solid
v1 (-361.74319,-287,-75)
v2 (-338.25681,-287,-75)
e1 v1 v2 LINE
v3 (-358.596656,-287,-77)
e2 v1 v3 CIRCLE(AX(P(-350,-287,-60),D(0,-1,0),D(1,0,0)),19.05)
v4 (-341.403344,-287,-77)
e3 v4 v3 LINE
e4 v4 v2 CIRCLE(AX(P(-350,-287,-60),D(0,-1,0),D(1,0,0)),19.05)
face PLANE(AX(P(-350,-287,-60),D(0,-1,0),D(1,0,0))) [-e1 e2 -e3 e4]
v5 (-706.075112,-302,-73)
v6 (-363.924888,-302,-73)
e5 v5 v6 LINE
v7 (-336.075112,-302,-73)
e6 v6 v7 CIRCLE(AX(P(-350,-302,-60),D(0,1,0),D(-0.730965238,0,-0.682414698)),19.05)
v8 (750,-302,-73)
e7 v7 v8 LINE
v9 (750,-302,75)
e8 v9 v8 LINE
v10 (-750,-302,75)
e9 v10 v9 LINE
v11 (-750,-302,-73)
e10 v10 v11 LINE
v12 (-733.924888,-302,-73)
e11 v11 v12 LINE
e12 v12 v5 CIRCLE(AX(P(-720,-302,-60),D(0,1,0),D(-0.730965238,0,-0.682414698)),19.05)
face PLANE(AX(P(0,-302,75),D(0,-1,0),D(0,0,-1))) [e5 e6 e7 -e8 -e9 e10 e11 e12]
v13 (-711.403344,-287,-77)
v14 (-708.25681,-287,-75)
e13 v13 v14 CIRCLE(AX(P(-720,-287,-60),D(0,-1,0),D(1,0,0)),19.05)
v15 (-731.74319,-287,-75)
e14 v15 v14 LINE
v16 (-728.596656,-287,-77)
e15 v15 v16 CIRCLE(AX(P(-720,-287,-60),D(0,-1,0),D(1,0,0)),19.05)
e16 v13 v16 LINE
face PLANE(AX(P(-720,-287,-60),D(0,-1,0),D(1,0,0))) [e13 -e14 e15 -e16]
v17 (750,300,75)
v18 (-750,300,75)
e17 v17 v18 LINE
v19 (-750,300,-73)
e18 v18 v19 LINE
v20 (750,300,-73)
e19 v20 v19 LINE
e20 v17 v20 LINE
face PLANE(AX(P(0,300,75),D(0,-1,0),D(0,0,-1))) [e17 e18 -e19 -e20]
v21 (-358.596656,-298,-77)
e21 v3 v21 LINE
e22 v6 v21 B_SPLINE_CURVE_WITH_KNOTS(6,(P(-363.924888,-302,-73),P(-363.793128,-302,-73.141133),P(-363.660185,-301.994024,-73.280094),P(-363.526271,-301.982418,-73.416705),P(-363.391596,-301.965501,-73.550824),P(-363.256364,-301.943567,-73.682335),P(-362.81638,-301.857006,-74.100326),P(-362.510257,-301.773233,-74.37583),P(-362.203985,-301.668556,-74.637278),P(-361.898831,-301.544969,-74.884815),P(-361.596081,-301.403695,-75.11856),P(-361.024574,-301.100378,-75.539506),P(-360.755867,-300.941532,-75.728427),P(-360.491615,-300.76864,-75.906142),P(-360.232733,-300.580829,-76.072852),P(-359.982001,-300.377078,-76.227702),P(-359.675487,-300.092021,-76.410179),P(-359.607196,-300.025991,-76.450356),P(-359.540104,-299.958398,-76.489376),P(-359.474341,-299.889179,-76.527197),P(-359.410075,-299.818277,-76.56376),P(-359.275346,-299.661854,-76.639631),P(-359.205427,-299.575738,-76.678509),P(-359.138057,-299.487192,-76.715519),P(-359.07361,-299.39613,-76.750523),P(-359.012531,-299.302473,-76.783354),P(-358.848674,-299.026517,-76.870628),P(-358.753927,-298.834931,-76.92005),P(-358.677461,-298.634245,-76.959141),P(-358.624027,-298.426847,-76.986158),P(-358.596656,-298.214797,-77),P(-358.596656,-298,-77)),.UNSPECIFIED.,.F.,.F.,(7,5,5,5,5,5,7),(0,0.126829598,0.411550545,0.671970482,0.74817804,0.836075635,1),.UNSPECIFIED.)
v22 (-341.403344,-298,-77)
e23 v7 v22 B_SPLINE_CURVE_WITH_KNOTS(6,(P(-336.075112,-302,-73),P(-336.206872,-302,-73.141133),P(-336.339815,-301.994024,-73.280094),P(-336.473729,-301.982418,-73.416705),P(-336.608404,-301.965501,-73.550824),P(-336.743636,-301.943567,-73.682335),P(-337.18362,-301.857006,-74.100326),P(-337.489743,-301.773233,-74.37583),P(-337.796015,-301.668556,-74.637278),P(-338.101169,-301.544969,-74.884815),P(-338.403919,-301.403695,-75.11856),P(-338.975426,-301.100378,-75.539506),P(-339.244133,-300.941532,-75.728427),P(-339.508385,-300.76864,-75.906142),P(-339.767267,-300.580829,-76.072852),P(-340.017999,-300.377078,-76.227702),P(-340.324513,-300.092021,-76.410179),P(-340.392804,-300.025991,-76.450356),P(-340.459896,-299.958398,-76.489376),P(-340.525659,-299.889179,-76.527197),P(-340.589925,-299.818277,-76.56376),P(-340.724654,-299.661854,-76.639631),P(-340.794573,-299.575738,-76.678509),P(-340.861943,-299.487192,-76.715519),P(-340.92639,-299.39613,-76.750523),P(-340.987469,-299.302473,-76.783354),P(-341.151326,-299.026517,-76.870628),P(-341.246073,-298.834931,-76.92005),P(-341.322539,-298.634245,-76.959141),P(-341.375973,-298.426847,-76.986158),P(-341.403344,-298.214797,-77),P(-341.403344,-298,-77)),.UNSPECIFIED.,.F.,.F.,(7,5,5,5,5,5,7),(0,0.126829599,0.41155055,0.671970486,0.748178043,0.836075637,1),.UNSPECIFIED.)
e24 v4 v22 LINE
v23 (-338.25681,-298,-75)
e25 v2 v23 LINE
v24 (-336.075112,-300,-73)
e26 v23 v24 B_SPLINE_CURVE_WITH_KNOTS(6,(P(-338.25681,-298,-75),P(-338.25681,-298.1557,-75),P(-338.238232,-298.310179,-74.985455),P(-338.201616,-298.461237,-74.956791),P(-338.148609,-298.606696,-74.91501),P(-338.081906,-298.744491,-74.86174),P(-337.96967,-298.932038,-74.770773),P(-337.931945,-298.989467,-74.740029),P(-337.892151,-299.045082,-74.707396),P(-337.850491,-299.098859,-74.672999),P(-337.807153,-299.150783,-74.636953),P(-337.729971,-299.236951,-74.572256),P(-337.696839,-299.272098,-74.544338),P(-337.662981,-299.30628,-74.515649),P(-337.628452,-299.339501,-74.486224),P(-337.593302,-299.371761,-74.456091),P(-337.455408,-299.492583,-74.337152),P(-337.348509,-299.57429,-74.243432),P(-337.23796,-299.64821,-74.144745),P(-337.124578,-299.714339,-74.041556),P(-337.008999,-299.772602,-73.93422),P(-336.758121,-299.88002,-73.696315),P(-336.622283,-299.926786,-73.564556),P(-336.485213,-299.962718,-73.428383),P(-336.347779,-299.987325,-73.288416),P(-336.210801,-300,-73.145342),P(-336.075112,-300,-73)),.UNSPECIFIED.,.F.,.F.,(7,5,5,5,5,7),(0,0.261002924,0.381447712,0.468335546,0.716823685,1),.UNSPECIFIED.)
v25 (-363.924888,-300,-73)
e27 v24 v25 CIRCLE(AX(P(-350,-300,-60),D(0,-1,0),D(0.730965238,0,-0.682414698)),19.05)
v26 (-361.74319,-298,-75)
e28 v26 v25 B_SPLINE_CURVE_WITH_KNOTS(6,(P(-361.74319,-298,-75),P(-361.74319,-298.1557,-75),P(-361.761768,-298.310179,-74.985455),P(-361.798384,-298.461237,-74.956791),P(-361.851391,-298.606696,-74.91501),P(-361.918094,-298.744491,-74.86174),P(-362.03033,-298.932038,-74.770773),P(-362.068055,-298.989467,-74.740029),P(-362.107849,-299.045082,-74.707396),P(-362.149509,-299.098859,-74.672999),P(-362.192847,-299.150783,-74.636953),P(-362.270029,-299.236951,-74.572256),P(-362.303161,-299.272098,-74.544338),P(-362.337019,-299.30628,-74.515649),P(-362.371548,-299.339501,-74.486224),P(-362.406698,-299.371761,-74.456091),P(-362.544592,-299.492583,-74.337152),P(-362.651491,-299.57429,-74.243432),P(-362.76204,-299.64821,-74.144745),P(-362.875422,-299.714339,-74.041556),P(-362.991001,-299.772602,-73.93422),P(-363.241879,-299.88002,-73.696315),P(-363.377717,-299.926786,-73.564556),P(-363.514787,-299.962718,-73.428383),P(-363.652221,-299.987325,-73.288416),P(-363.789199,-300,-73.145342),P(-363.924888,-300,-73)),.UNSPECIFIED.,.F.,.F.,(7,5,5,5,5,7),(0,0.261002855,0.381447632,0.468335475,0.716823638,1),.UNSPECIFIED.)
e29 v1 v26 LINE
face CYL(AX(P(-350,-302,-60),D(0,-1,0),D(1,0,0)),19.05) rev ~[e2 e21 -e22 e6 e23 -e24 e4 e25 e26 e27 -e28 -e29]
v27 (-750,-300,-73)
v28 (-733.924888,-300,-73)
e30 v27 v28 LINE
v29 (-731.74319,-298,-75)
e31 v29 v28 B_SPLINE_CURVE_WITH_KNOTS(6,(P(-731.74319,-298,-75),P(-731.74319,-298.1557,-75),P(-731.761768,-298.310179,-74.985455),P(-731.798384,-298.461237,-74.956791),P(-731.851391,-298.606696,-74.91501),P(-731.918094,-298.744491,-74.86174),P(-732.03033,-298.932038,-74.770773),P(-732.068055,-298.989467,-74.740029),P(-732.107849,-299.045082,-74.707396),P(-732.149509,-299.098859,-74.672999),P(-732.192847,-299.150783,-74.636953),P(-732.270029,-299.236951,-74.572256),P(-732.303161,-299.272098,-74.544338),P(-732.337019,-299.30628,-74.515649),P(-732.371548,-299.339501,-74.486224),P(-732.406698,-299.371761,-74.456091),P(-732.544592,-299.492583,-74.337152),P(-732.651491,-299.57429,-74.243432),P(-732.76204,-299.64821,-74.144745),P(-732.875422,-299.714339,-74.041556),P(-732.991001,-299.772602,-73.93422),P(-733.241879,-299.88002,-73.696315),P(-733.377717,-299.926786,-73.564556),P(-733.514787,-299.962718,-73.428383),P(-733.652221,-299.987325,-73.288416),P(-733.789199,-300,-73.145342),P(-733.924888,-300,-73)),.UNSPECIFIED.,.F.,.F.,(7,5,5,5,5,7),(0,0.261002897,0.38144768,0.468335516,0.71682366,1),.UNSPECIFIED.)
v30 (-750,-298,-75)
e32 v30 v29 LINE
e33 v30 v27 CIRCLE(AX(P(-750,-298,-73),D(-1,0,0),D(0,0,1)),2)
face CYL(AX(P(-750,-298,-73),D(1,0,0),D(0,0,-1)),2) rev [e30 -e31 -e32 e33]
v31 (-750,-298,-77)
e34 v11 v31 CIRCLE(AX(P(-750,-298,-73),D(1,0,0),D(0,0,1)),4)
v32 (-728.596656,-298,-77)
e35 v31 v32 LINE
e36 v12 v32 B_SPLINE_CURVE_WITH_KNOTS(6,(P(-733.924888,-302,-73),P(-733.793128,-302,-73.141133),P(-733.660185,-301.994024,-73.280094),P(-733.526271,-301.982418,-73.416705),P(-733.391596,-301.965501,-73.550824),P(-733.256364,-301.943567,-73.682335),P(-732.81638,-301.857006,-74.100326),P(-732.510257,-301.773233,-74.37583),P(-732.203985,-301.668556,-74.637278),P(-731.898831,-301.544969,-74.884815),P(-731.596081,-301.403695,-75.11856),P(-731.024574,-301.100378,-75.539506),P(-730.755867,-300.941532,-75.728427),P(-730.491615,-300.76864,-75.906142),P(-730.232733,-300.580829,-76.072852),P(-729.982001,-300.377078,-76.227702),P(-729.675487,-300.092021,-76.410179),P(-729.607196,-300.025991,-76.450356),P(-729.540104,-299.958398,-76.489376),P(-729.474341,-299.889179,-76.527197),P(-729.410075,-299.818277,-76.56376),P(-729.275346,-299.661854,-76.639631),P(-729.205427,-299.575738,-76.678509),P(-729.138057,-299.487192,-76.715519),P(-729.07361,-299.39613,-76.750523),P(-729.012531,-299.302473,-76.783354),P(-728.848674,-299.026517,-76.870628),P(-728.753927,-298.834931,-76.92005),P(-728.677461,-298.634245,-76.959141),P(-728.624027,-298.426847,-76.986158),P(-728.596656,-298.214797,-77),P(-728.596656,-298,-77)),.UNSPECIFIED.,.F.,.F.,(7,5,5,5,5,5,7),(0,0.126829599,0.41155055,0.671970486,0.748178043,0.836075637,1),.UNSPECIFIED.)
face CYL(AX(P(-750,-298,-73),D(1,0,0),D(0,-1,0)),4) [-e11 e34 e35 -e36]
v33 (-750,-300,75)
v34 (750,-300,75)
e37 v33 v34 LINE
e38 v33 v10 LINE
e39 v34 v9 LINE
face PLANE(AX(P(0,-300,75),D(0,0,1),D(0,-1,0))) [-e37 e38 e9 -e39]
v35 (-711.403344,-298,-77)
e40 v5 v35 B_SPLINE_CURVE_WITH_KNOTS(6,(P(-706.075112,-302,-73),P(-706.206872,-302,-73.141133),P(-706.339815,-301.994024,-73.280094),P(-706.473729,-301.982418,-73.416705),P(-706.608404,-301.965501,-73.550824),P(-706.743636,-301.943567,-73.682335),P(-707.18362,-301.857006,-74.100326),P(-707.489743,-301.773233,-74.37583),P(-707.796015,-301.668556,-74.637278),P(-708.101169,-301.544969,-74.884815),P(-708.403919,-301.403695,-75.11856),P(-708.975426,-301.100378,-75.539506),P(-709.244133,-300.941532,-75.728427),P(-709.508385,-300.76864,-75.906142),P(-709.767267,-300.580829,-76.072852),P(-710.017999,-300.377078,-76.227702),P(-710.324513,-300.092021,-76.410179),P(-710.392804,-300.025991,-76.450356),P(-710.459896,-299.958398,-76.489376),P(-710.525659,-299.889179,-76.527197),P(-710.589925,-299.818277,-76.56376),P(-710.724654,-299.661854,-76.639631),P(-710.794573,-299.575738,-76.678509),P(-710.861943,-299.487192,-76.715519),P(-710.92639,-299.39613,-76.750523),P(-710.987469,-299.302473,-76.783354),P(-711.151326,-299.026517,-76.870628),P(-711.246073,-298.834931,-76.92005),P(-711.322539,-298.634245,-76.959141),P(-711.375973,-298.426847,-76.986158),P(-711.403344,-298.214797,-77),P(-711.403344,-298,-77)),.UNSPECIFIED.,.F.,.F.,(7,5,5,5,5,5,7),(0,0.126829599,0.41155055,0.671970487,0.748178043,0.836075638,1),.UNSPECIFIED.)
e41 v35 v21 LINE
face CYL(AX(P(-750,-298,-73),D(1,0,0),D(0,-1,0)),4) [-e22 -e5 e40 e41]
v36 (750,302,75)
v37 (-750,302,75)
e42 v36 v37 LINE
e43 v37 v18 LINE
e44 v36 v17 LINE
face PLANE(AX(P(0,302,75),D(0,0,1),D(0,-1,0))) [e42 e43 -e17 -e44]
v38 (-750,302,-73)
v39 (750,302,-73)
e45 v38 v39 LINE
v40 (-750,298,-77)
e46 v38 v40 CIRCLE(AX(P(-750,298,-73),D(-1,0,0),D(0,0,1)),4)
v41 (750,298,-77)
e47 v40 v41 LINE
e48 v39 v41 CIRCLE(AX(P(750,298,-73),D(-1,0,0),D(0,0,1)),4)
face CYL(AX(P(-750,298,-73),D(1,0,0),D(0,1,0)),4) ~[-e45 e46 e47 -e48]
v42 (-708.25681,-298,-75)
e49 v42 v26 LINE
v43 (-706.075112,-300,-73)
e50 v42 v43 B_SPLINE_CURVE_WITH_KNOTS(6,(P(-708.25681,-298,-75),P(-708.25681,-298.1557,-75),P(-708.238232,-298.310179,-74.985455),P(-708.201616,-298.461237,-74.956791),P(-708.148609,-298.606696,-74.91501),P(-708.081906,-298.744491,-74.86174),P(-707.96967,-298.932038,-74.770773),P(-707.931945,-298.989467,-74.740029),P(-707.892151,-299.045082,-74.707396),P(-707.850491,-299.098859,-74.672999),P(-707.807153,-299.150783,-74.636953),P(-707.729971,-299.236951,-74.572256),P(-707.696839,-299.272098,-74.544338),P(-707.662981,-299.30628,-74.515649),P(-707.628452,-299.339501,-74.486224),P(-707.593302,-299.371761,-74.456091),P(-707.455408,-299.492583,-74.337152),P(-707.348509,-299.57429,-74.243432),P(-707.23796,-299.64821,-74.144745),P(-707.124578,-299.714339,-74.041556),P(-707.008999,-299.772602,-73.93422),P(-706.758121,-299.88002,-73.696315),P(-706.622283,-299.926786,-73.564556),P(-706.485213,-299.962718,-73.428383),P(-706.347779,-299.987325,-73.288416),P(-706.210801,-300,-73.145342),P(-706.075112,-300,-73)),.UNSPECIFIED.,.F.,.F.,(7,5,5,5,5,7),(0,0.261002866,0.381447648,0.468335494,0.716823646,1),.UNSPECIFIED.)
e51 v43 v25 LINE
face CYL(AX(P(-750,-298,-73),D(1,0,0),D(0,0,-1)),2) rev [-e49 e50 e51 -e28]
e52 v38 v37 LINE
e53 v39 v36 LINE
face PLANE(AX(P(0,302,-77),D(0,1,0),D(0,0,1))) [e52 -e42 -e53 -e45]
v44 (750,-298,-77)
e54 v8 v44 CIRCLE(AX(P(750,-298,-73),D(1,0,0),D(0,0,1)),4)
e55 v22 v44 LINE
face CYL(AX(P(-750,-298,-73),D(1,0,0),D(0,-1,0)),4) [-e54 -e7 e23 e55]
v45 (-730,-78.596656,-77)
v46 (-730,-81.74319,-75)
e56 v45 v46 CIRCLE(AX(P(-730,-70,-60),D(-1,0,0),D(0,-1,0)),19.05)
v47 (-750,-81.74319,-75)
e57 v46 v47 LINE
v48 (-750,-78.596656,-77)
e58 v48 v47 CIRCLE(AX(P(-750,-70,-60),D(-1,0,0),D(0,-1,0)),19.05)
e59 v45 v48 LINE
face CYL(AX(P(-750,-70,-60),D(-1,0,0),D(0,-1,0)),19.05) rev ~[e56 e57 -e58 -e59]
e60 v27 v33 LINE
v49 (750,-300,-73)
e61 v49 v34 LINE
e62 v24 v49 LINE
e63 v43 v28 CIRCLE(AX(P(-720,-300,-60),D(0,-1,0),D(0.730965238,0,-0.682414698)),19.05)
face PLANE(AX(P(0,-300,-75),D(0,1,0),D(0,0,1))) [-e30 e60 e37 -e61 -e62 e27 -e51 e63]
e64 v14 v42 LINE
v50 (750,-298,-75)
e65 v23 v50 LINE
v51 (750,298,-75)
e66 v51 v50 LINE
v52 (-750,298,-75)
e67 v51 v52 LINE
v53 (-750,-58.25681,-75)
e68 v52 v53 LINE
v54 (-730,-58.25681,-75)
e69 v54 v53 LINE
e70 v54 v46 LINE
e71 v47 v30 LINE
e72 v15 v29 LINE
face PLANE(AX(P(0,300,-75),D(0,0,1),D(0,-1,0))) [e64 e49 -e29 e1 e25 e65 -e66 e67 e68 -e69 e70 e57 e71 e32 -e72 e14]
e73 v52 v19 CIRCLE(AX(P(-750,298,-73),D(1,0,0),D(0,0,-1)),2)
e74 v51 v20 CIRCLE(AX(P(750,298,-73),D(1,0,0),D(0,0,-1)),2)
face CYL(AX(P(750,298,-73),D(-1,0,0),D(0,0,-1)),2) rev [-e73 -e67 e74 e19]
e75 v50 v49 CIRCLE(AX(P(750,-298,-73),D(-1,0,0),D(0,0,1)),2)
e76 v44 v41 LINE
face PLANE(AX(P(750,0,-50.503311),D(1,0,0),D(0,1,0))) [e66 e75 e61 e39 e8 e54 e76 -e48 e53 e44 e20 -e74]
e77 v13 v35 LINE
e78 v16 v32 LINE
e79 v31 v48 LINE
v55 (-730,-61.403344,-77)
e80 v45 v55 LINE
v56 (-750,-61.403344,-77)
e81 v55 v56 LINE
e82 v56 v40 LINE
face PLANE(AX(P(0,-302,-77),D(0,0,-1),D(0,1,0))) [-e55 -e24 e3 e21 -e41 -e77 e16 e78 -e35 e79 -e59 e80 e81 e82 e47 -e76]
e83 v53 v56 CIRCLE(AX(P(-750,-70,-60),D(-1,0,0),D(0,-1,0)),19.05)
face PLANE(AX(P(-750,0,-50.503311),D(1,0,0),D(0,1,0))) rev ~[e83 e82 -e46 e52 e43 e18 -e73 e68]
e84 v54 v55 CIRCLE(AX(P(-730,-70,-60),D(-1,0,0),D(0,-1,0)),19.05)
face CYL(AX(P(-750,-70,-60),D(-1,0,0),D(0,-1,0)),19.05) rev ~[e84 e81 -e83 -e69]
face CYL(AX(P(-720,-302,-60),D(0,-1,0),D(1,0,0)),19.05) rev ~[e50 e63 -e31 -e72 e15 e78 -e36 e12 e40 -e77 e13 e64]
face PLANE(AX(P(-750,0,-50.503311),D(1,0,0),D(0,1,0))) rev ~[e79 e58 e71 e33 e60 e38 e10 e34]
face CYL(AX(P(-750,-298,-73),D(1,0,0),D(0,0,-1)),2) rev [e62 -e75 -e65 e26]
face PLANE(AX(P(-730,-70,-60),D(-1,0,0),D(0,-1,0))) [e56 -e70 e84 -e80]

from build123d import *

# Parameters (mm, degrees)
F1_DEPTH = 750
F2_R     = 2
F3_R     = 4
F4_R     = 19.05
F5_DEPTH = 15
F6_R     = 19.05
F7_DEPTH = 20


with BuildPart() as f1:
    # F0 (on Right) → F1 (new body, symmetric)
    with BuildSketch(Plane.YZ):
        Polygon((300, -75), (-300, -75), (-300, 75), (-302, 75), (-302, -77), (302, -77), (302, 75), (300, 75), align=None)
    extrude(amount=F1_DEPTH, both=True)

    # F2
    f2_edges = [f1.edges().sort_by_distance(p)[0] for p in [
        (0, 300, -75),
        (0, -300, -75),
    ]]
    fillet(f2_edges, radius=F2_R)

    # F3
    f3_edges = [f1.edges().sort_by_distance(p)[0] for p in [
        (0, -302, -77),
        (0, 302, -77),
    ]]
    fillet(f3_edges, radius=F3_R)

    # F4 (on face) → F5 (cut)
    with BuildSketch(Plane.XZ.offset(302)):
        with Locations((-720, -60)):
            Circle(F4_R)
        with Locations((-350, -60)):
            Circle(F4_R)
    extrude(amount=-F5_DEPTH, mode=Mode.SUBTRACT)

    # F6 (on face) → F7 (cut)
    with BuildSketch(Plane(origin=(-750, 0, 0), x_dir=(0, -1, 0), z_dir=(-1, 0, 0))):
        with Locations((70, -60)):
            Circle(F6_R)
    extrude(amount=-F7_DEPTH, mode=Mode.SUBTRACT)


solid = f1.part
